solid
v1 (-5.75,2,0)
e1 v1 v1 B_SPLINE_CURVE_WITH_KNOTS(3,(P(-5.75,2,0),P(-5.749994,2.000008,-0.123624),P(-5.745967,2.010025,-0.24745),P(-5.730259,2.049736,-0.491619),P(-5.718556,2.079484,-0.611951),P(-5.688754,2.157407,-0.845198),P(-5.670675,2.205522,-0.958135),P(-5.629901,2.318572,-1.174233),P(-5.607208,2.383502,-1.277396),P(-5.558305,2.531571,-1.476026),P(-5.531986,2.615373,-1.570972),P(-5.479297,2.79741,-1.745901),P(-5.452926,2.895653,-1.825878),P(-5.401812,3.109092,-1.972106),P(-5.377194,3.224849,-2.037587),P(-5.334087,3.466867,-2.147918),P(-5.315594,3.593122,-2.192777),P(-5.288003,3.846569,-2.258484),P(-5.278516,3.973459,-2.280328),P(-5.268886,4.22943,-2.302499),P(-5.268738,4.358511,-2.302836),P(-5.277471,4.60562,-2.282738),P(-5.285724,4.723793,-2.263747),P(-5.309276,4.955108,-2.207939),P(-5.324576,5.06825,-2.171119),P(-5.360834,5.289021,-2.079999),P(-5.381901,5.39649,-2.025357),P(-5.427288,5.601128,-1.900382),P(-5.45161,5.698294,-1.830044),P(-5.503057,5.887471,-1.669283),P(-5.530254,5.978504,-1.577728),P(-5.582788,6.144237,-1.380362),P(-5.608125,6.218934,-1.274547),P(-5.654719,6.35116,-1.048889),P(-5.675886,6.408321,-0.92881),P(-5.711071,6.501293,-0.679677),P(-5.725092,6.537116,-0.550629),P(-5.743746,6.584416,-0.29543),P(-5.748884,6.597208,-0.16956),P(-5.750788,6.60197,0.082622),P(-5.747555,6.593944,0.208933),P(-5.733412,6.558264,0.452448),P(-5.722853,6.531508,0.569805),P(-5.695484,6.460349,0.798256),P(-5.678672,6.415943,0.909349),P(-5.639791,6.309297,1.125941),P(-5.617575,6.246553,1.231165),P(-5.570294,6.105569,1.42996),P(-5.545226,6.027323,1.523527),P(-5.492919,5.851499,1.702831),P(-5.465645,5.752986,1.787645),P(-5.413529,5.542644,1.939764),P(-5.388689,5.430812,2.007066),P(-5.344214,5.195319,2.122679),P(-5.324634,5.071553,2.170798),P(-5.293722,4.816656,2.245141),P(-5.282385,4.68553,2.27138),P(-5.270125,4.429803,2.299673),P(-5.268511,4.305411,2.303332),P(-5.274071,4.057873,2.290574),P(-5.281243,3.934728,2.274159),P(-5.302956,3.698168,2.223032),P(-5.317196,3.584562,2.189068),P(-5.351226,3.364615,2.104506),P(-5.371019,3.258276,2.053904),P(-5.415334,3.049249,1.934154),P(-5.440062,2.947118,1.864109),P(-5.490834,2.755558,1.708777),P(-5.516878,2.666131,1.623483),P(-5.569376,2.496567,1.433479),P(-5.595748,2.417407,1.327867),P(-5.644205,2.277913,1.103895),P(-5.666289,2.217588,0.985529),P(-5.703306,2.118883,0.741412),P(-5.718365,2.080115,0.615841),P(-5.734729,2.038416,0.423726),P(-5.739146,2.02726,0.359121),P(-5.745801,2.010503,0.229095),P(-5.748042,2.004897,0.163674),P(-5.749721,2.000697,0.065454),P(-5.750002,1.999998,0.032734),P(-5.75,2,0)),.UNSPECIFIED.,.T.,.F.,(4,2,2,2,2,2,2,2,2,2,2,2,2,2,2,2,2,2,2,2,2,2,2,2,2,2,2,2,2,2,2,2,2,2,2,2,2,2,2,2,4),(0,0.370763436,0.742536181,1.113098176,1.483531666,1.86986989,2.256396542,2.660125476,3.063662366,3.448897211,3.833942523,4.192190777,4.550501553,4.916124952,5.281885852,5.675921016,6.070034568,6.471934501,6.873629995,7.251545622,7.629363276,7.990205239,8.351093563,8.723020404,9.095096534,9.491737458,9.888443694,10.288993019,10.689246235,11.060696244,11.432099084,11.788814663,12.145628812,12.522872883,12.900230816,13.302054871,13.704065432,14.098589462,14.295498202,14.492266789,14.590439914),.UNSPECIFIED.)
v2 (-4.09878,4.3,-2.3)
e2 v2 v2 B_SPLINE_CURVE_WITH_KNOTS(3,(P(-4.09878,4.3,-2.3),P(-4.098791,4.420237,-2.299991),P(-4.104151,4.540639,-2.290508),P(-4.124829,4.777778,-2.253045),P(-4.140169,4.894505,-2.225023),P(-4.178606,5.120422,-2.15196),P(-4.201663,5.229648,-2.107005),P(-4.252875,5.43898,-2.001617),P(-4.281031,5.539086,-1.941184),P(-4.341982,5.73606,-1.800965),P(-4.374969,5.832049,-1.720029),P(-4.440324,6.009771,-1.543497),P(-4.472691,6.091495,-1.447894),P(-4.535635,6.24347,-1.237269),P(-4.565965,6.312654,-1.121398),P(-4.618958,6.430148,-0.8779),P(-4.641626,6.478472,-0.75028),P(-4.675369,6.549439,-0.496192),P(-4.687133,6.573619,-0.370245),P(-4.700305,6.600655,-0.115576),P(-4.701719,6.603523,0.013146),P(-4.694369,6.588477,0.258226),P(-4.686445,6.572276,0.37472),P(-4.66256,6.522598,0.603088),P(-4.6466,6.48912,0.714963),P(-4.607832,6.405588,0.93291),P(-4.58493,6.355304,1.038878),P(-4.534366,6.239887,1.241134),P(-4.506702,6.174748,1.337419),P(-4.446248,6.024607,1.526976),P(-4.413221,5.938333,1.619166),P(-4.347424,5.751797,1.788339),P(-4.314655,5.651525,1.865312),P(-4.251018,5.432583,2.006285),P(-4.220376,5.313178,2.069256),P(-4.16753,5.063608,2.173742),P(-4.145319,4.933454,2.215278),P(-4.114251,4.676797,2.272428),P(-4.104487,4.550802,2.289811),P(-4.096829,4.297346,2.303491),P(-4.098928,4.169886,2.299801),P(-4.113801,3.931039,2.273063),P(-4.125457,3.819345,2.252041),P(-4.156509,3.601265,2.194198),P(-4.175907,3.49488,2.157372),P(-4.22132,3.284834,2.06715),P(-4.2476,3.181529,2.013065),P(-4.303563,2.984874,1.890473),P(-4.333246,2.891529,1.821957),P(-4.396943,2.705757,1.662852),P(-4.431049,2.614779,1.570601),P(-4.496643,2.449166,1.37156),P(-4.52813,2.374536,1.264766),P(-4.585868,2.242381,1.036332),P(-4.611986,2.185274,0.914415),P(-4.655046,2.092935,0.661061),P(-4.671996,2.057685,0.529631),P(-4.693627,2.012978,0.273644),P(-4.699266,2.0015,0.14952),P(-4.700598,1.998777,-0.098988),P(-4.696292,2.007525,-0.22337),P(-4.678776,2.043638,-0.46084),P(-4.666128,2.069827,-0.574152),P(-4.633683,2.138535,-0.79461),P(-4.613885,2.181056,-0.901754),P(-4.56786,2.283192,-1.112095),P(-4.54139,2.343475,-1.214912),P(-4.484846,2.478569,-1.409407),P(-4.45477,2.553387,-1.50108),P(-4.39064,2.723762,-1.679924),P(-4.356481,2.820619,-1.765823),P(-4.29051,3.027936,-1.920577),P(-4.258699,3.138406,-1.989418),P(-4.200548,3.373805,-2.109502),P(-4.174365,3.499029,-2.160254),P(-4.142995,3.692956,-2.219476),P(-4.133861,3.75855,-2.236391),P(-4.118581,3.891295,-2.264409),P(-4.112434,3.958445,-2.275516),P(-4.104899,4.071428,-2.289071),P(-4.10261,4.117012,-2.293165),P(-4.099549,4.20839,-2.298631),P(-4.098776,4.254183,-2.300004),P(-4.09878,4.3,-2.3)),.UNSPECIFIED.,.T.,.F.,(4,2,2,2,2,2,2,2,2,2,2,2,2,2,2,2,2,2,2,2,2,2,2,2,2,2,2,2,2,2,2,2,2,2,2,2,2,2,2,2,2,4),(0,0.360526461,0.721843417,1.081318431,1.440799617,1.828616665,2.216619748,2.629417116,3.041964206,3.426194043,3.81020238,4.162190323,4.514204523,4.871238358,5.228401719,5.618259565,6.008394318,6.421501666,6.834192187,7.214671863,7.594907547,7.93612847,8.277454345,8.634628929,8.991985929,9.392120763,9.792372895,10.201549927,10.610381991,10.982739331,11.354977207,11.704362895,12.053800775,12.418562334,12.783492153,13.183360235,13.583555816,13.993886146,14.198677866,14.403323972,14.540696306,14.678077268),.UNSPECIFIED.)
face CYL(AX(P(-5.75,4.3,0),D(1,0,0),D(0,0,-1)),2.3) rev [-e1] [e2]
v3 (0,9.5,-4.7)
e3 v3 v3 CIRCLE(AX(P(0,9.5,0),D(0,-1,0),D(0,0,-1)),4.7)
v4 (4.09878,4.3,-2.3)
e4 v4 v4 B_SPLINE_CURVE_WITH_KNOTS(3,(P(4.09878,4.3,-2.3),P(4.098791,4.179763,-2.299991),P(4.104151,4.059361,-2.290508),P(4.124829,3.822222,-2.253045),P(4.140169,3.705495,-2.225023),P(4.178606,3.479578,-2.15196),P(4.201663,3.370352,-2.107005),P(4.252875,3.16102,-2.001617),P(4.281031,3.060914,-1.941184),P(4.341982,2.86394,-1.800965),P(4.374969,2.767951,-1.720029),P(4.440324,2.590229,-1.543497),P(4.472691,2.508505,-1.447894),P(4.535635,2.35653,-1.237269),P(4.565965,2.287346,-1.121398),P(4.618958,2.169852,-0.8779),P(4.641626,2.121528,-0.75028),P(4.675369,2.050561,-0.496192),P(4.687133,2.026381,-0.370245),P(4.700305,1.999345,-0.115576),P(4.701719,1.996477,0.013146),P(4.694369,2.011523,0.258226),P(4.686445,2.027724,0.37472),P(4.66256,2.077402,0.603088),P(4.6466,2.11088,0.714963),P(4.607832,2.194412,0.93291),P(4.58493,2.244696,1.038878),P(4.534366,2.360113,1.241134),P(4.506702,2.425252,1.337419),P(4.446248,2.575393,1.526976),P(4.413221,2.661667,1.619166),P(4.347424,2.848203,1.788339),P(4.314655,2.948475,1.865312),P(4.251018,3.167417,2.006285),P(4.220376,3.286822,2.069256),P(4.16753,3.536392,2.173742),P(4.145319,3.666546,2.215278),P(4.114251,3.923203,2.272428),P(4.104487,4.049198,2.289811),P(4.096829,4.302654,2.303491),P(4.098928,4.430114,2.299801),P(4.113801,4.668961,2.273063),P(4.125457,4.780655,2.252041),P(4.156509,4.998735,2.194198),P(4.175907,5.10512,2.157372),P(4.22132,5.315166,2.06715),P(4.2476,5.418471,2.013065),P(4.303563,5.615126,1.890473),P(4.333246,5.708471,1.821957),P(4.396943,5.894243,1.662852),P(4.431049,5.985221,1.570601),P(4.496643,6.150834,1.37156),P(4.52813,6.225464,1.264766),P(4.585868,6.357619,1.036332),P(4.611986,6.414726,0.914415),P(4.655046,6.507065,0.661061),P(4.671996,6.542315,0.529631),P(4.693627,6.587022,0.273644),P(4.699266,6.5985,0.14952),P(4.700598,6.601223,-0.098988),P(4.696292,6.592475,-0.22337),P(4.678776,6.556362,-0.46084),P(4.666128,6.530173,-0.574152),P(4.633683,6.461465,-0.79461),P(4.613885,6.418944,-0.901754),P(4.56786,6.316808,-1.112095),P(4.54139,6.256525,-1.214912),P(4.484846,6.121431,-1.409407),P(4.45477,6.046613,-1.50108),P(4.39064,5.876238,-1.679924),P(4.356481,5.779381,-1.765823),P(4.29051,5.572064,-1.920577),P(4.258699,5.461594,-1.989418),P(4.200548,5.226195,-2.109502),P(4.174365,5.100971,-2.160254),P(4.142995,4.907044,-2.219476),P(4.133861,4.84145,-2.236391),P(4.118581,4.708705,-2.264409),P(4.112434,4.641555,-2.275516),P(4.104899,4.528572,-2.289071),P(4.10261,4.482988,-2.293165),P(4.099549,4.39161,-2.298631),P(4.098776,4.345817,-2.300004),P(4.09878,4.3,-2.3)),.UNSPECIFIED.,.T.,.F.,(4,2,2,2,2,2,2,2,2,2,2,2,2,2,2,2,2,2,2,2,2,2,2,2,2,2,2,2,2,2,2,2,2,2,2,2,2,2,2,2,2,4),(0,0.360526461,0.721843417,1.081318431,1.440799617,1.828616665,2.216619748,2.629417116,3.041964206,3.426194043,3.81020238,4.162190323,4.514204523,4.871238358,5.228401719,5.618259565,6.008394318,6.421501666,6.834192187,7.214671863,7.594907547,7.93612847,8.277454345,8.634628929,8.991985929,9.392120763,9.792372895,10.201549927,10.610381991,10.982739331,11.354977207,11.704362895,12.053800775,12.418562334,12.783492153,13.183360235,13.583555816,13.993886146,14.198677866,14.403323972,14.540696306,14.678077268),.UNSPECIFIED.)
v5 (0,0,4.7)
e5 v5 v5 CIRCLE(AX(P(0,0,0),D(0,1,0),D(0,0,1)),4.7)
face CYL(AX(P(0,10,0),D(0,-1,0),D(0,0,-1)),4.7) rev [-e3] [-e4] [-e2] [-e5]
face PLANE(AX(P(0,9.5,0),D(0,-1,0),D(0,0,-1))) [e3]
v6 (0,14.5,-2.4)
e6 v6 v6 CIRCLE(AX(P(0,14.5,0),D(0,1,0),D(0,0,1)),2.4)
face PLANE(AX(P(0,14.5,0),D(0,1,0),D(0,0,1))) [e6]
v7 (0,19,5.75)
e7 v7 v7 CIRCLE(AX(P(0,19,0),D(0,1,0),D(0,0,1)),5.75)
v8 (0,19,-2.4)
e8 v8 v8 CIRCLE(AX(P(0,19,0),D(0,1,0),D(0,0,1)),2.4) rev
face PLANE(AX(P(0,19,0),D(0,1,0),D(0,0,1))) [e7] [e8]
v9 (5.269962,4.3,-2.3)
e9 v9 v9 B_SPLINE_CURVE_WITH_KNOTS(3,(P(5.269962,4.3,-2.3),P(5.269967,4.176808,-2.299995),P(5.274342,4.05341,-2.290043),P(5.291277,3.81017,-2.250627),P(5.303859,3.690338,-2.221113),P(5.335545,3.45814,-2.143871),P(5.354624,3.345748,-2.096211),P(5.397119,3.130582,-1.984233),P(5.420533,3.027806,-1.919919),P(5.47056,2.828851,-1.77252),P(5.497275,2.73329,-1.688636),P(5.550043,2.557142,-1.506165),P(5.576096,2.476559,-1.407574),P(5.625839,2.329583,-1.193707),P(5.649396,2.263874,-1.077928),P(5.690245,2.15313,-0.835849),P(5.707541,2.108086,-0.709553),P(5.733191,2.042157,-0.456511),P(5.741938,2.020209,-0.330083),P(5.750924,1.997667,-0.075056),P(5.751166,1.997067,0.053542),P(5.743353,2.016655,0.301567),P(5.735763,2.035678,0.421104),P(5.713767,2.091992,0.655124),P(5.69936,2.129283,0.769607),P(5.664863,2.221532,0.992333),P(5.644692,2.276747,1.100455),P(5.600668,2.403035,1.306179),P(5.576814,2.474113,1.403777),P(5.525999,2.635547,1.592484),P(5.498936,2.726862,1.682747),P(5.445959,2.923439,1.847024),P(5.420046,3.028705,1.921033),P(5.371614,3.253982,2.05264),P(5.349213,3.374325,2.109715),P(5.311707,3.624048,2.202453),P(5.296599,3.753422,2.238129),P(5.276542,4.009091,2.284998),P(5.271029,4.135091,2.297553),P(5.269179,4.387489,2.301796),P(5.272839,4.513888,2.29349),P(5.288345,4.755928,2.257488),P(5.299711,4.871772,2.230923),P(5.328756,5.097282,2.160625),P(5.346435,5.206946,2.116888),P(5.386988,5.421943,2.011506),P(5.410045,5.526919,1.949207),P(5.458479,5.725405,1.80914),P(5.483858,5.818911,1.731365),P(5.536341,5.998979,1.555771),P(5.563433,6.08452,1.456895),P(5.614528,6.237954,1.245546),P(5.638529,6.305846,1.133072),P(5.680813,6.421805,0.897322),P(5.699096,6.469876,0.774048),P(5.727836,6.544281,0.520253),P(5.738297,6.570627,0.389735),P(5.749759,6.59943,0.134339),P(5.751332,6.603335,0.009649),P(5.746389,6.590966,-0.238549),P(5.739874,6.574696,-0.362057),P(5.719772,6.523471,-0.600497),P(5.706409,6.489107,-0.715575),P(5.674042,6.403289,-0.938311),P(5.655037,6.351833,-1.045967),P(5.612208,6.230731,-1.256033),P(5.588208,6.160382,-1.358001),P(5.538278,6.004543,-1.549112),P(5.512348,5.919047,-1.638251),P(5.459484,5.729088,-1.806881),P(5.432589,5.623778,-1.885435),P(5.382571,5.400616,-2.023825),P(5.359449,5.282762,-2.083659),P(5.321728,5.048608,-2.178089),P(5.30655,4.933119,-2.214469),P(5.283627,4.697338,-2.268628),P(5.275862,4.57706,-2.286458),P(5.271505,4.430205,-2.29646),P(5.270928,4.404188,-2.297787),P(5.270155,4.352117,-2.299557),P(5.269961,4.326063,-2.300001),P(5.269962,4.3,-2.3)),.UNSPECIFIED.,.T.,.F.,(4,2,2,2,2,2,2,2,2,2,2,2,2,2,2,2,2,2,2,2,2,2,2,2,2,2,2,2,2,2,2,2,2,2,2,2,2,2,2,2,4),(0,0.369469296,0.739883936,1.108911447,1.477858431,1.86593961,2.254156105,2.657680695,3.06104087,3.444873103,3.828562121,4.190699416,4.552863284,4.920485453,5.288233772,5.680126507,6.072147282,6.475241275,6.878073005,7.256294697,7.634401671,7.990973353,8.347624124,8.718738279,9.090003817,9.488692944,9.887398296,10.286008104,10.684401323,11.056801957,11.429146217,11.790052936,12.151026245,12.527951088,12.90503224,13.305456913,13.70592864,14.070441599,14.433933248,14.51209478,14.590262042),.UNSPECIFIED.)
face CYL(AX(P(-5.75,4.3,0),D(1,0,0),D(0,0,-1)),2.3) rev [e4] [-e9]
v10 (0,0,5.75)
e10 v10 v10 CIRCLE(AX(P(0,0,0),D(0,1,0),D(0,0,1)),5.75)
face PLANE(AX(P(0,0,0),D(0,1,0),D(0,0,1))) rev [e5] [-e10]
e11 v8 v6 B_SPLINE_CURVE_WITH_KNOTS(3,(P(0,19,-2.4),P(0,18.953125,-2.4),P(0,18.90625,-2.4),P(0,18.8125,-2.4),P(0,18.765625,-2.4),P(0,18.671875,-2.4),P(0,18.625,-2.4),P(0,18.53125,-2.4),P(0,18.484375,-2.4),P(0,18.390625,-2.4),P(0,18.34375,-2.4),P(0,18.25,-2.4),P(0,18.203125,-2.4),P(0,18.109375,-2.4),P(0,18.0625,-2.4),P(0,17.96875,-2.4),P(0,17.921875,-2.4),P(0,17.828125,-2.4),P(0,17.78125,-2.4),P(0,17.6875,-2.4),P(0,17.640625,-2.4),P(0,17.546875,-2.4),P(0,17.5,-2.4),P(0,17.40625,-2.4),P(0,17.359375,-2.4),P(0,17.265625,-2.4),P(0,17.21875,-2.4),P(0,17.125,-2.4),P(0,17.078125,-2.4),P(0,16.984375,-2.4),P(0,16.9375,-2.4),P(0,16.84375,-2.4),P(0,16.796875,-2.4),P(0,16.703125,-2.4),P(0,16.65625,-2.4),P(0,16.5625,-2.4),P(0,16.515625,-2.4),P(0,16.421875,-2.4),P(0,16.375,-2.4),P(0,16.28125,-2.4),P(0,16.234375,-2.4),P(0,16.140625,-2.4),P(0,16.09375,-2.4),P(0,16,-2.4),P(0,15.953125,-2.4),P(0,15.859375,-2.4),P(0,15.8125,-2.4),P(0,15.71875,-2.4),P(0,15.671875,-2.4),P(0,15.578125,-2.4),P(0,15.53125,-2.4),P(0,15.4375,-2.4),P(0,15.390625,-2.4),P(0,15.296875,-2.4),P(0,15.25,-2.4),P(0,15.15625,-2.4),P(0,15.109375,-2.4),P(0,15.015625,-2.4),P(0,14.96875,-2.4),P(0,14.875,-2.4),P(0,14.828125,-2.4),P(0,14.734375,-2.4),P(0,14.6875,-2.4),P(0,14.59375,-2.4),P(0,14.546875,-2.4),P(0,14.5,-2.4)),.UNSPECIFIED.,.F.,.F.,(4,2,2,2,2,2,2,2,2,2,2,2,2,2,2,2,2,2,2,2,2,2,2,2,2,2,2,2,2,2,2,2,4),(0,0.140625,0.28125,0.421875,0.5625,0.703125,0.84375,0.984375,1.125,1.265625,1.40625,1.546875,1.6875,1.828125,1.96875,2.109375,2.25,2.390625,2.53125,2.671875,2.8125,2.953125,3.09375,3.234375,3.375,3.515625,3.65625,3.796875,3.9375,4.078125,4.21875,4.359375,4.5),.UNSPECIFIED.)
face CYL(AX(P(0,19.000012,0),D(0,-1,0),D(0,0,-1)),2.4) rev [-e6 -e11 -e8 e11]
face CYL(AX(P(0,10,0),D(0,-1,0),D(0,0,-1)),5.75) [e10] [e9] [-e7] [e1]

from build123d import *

# Parameters (mm, degrees)
SKETCH1_R               = 5.75
SKETCH1_R_2             = 4.7
BOSS_EXTRUDE1_DEPTH     = 10
CUT_EXTRUDE1_DEPTH      = 13.888948755
CUT_EXTRUDE1_DEPTH_BACK = 13.888948755
SKETCH2_R               = 2.3
SKETCH3_R               = 5.75
BOSS_EXTRUDE2_DEPTH     = 9
BOSS_EXTRUDE3_START     = 0.5
SKETCH4_R               = 4.7
BOSS_EXTRUDE3_DEPTH     = 0.5
CUT_EXTRUDE2_DEPTH      = 21.667002833
CUT_EXTRUDE2_DEPTH_BACK = 4.5
SKETCH5_R               = 2.4


with BuildPart() as part:
    # Sketch1 → Boss-Extrude1 (new body)
    with BuildSketch(Plane(origin=(0, 0, 0), x_dir=(1, 0, 0), z_dir=(0, 1, 0))):
        with Locations(Location((0, 0, 0), (0, 0, 270))):
            Circle(SKETCH1_R)
        with Locations(Location((0, 0, 0), (0, 0, 270))):
            Circle(SKETCH1_R_2, mode=Mode.SUBTRACT)
    extrude(amount=BOSS_EXTRUDE1_DEPTH)

    # Sketch2 → Cut-Extrude1 (cut, two sides: drawn at the far end of the back side and taken through both)
    with BuildSketch(Plane(origin=(0, 0, 0), x_dir=(0, 0, -1), z_dir=(1, 0, 0)).offset(-CUT_EXTRUDE1_DEPTH_BACK)):
        with Locations((0, 4.3)):
            Circle(SKETCH2_R)
    extrude(amount=CUT_EXTRUDE1_DEPTH + CUT_EXTRUDE1_DEPTH_BACK, mode=Mode.SUBTRACT)

    # Sketch3 → Boss-Extrude2 (add)
    with BuildSketch(Plane(origin=(0, 10, 0), x_dir=(1, 0, 0), z_dir=(0, 1, 0))):
        with Locations(Location((0, 0, 0), (0, 0, 270))):
            Circle(SKETCH3_R)
    extrude(amount=BOSS_EXTRUDE2_DEPTH)

    # Sketch4 → Boss-Extrude3 (add)
    with BuildSketch(Plane.XZ.offset(-10).offset(BOSS_EXTRUDE3_START)):
        with Locations(Location((0, 0, 0), (0, 0, 270))):
            Circle(SKETCH4_R)
    extrude(amount=-BOSS_EXTRUDE3_DEPTH)

    # Sketch5 → Cut-Extrude2 (cut, two sides: drawn at the far end of the back side and taken through both)
    with BuildSketch(Plane(origin=(0, 19, 0), x_dir=(1, 0, 0), z_dir=(0, 1, 0)).offset(-CUT_EXTRUDE2_DEPTH_BACK)):
        with Locations(Location((0, 0, 0), (0, 0, 90))):
            Circle(SKETCH5_R)
    extrude(amount=CUT_EXTRUDE2_DEPTH + CUT_EXTRUDE2_DEPTH_BACK, mode=Mode.SUBTRACT)


solid = part.part
